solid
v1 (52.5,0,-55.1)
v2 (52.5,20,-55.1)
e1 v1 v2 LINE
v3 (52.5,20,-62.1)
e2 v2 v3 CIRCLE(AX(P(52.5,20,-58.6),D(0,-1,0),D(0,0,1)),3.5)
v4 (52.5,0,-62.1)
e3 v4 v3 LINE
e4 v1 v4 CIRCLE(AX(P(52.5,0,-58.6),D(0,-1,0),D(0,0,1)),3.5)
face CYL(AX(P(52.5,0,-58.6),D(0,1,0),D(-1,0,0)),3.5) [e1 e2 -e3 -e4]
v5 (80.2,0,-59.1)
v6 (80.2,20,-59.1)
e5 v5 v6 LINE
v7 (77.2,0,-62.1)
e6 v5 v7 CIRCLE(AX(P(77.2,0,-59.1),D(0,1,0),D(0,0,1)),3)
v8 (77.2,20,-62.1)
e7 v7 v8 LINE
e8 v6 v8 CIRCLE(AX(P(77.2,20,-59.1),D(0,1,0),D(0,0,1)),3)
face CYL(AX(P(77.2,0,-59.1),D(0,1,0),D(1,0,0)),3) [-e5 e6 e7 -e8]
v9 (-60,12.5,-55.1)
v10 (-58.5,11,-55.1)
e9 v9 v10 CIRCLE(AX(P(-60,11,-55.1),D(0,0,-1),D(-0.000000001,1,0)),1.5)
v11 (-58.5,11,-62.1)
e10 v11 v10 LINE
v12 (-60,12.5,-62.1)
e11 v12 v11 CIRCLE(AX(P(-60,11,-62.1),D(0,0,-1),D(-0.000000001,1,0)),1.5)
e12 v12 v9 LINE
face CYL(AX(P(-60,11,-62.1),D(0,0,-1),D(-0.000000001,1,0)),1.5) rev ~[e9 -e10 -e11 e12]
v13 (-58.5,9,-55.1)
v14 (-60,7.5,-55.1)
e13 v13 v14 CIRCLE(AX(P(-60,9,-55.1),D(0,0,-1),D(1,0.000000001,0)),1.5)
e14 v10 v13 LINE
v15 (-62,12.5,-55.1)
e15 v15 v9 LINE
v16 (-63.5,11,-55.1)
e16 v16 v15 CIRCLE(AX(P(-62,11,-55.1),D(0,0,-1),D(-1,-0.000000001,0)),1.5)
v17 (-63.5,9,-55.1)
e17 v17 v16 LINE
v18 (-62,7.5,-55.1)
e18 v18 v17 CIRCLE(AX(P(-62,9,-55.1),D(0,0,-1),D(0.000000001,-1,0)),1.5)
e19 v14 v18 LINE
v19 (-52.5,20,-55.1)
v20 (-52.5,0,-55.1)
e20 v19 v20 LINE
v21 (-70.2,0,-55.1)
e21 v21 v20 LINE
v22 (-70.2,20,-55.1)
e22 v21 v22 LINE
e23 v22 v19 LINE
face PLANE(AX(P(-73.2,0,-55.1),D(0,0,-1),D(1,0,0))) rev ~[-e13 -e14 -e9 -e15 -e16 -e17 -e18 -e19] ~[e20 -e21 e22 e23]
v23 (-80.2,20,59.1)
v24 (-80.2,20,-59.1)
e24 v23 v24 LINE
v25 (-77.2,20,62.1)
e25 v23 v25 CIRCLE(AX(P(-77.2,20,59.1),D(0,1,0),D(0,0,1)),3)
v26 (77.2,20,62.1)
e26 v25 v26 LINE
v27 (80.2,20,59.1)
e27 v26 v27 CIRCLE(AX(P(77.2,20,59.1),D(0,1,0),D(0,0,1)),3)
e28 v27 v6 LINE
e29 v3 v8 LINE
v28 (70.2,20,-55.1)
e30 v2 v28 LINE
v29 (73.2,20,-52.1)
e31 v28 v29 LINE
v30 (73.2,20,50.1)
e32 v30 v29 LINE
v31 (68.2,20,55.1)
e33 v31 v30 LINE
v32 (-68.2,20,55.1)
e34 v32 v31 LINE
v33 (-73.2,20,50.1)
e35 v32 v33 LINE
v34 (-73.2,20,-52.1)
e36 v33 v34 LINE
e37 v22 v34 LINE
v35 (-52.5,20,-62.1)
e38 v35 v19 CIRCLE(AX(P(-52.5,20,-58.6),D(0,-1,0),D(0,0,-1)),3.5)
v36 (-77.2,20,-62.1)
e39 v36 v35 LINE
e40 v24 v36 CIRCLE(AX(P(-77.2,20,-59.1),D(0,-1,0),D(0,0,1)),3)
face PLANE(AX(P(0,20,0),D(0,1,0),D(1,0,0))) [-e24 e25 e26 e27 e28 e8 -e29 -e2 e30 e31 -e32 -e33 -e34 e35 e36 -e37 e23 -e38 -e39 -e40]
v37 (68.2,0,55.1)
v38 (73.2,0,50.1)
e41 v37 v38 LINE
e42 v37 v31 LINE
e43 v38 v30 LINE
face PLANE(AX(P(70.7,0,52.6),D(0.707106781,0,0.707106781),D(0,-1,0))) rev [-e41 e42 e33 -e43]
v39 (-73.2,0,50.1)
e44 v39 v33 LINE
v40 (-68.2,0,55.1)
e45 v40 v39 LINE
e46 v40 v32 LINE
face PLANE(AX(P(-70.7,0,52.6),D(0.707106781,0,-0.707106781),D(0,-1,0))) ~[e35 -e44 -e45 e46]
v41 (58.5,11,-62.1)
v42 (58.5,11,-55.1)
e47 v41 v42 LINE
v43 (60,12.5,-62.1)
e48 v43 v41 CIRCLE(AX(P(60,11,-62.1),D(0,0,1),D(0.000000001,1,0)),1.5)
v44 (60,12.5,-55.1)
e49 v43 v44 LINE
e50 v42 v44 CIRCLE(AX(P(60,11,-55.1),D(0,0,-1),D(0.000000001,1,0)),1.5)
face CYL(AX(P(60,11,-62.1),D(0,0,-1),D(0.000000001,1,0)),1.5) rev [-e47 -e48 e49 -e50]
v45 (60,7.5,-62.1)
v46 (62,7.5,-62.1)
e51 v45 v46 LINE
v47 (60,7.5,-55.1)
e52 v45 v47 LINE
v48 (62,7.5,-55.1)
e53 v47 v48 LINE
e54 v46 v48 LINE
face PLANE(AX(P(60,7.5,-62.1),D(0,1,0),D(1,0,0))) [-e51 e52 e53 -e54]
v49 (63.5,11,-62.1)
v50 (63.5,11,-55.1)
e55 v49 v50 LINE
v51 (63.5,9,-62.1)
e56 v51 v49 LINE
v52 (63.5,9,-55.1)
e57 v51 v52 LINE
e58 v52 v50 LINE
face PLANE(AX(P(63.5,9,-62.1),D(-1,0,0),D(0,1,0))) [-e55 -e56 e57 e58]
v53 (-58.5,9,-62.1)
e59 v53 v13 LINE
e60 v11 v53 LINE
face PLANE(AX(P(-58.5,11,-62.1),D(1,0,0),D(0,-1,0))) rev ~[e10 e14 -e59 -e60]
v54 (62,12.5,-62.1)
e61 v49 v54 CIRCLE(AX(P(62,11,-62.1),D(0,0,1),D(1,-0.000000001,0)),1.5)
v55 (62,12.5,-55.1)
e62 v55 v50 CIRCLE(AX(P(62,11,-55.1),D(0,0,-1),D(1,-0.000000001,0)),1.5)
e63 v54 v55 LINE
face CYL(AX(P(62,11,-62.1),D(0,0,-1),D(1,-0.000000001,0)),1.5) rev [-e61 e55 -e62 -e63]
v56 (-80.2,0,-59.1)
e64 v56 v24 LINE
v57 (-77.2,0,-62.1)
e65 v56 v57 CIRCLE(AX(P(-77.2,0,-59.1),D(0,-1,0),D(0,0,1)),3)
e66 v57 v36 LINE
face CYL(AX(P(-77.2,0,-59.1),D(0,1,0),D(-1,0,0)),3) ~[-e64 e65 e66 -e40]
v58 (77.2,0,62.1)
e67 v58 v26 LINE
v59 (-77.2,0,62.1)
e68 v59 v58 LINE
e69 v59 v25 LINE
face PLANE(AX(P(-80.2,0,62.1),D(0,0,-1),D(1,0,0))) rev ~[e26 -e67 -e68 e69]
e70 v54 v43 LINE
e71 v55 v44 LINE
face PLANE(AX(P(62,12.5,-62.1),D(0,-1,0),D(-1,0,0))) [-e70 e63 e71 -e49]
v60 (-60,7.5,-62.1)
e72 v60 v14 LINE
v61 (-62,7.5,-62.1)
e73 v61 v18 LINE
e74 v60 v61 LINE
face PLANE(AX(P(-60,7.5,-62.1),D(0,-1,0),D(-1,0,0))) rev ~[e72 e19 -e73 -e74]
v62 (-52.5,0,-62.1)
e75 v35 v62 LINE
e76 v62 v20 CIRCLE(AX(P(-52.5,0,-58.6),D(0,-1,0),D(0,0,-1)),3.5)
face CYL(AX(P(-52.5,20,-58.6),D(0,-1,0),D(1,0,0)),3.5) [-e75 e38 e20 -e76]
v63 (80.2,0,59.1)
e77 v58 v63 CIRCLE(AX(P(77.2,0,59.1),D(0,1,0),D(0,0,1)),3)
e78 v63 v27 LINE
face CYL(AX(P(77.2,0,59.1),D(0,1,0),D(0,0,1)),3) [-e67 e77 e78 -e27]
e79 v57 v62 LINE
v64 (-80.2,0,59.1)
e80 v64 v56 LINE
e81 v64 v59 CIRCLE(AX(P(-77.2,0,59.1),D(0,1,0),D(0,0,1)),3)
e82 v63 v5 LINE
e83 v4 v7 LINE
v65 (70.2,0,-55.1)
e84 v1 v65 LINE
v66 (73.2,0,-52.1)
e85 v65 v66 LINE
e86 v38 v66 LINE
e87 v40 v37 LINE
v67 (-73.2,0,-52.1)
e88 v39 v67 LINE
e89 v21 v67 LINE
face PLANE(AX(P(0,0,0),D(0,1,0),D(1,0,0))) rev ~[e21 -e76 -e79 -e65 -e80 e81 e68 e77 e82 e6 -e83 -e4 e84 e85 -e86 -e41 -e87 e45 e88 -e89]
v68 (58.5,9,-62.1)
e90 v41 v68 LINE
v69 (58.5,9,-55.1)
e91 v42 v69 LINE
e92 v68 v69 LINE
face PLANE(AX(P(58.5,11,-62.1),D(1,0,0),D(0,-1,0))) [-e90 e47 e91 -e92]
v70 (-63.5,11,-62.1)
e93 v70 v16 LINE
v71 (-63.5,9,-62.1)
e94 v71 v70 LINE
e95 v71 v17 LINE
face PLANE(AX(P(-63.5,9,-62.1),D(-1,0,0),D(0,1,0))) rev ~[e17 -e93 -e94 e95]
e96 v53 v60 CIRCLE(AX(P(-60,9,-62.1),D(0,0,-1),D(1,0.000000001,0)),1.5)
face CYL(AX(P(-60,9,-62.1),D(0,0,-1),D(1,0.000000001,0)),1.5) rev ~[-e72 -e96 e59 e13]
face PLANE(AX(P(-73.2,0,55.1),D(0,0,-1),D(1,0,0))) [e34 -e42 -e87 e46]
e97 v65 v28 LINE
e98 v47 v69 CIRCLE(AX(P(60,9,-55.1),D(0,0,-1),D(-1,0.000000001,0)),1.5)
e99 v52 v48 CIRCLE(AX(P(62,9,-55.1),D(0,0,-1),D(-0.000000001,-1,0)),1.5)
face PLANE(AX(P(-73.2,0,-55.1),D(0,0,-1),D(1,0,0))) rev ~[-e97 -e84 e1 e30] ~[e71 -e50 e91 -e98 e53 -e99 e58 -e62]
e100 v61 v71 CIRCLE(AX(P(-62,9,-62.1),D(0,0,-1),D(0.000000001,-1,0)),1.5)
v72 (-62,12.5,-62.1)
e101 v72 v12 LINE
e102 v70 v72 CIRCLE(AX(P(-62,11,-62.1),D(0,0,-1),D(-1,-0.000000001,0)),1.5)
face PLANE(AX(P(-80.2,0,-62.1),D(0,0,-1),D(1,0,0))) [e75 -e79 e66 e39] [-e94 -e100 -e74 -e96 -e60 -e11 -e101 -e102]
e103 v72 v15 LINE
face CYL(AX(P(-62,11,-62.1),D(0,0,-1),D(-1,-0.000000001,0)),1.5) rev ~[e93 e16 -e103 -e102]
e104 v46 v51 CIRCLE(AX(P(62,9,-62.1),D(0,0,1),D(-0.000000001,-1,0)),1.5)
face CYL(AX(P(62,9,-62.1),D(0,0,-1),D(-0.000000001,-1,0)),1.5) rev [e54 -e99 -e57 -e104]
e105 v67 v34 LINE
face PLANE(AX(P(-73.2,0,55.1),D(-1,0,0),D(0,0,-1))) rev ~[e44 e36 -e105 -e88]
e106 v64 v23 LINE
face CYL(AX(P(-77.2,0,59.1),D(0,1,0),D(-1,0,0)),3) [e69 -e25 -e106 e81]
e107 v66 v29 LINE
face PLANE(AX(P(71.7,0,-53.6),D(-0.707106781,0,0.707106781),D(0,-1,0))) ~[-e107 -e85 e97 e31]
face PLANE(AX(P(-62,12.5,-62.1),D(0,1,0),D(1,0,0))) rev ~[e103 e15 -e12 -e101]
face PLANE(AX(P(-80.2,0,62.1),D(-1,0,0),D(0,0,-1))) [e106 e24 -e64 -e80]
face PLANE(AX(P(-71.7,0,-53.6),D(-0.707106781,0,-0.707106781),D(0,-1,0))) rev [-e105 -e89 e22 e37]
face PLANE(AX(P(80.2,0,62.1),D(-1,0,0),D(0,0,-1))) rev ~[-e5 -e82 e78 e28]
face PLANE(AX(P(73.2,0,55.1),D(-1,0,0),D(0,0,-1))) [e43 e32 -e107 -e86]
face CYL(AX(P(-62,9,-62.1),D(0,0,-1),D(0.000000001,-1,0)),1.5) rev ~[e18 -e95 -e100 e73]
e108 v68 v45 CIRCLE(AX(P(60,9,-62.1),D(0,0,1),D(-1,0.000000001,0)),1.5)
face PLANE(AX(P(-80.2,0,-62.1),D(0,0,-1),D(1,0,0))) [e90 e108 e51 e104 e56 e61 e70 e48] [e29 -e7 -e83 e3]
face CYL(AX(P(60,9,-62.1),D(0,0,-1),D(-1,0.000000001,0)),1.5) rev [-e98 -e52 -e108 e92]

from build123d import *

# Parameters (mm, degrees)
ESBO_O1_W                    = 160.4
ESBO_O1_H                    = 124.2
ESBO_O1_W_2                  = 146.4
ESBO_O1_H_2                  = 110.2
PAREDES_DEPTH                = 20
CHANFROS_INTERNO_FRENTE_SIZE = 5
FILETE1_R                    = 3
FILETE2_R                    = 3
ESBO_O2_W                    = 98
ESBO_O2_H                    = 30
CORTE_EXTRUS_O1_DEPTH        = 20
FILETE3_RADIUS               = 3.5
FILETE3_LENGTH               = 20
FILETE4_RADIUS               = 3.5
FILETE4_LENGTH               = 20
FILETE5_R                    = 3
FILETE6_R                    = 3
CHANFRO2_SIZE                = 3


with BuildPart() as part:
    # Esboço1 → Paredes (new body)
    with BuildSketch(Plane(origin=(0, 0, 0), x_dir=(1, 0, 0), z_dir=(0, 1, 0))):
        Rectangle(ESBO_O1_W, ESBO_O1_H)
        Rectangle(ESBO_O1_W_2, ESBO_O1_H_2, mode=Mode.SUBTRACT)
    extrude(amount=PAREDES_DEPTH)

    # Chanfros Interno Frente
    chanfros_interno_frente_edges = [part.edges().sort_by_distance(p)[0] for p in [
        (73.2, 10, 55.1),
        (-73.2, 10, 55.1),
    ]]
    chamfer(chanfros_interno_frente_edges, length=CHANFROS_INTERNO_FRENTE_SIZE)

    # Filete1
    filete1_edges = [part.edges().sort_by_distance(p)[0] for p in [
        (-80.2, 10, 62.1),
    ]]
    fillet(filete1_edges, radius=FILETE1_R)

    # Filete2
    filete2_edges = [part.edges().sort_by_distance(p)[0] for p in [
        (80.2, 10, 62.1),
    ]]
    fillet(filete2_edges, radius=FILETE2_R)

    # Esboço2 → Corte-extrusão1 (cut)
    with BuildSketch(Plane(origin=(0, 0, -62.1), x_dir=(-1, 0, 0), z_dir=(0, 0, -1))):
        with Locations((0, 10)):
            Rectangle(ESBO_O2_W, ESBO_O2_H)
        with BuildLine():
            Line((58.5, 11), (58.5, 9))
            ThreePointArc((58.5, 9), (58.939339828, 7.939339828), (60, 7.5))
            Line((60, 7.5), (62, 7.5))
            ThreePointArc((62, 7.5), (63.060660172, 7.939339828), (63.5, 9))
            Line((63.5, 9), (63.5, 11))
            ThreePointArc((63.5, 11), (63.060660172, 12.060660172), (62, 12.5))
            Line((62, 12.5), (60, 12.5))
            ThreePointArc((60, 12.5), (58.939339828, 12.060660172), (58.5, 11))
        make_face()
        with BuildLine():
            Line((-62, 12.5), (-60, 12.5))
            ThreePointArc((-60, 12.5), (-58.939339828, 12.060660172), (-58.5, 11))
            Line((-58.5, 11), (-58.5, 9))
            ThreePointArc((-58.5, 9), (-58.939339828, 7.939339828), (-60, 7.5))
            Line((-60, 7.5), (-62, 7.5))
            ThreePointArc((-62, 7.5), (-63.060660172, 7.939339828), (-63.5, 9))
            Line((-63.5, 9), (-63.5, 11))
            ThreePointArc((-63.5, 11), (-63.060660172, 12.060660172), (-62, 12.5))
        make_face()
    extrude(amount=-CORTE_EXTRUS_O1_DEPTH, mode=Mode.SUBTRACT)

    # Filete3: full round fillet: the end face becomes a half cylinder, R = half its width
    filete3_face = Plane((49, 10, -58.6), x_dir=(0, 1, 0), z_dir=(-1, 0, 0))  # on the end face: x along it, z out of the body
    filete3_slab = filete3_face.offset(-FILETE3_RADIUS / 2) * Box(FILETE3_LENGTH, 2 * FILETE3_RADIUS, FILETE3_RADIUS, mode=Mode.PRIVATE)  # the body's end, R deep
    filete3_round = Plane((52.5, 10, -58.6), x_dir=(-1, 0, 0), z_dir=(0, 1, 0)) * Cylinder(FILETE3_RADIUS, FILETE3_LENGTH, mode=Mode.PRIVATE)  # its axis R under the face
    add(filete3_slab - filete3_round, mode=Mode.SUBTRACT)

    # Filete4: full round fillet: the end face becomes a half cylinder, R = half its width
    filete4_face = Plane((-49, 10, -58.6), x_dir=(0, -1, 0), z_dir=(1, 0, 0))  # on the end face: x along it, z out of the body
    filete4_slab = filete4_face.offset(-FILETE4_RADIUS / 2) * Box(FILETE4_LENGTH, 2 * FILETE4_RADIUS, FILETE4_RADIUS, mode=Mode.PRIVATE)  # the body's end, R deep
    filete4_round = Plane((-52.5, 10, -58.6), x_dir=(1, 0, 0), z_dir=(0, -1, 0)) * Cylinder(FILETE4_RADIUS, FILETE4_LENGTH, mode=Mode.PRIVATE)  # its axis R under the face
    add(filete4_slab - filete4_round, mode=Mode.SUBTRACT)

    # Filete5
    filete5_edges = [part.edges().sort_by_distance(p)[0] for p in [
        (-80.2, 10, -62.1),
    ]]
    fillet(filete5_edges, radius=FILETE5_R)

    # Filete6
    filete6_edges = [part.edges().sort_by_distance(p)[0] for p in [
        (80.2, 10, -62.1),
    ]]
    fillet(filete6_edges, radius=FILETE6_R)

    # Chanfro2
    chanfro2_edges = [part.edges().sort_by_distance(p)[0] for p in [
        (73.2, 10, -55.1),
        (-73.2, 10, -55.1),
    ]]
    chamfer(chanfro2_edges, length=CHANFRO2_SIZE)


solid = part.part
